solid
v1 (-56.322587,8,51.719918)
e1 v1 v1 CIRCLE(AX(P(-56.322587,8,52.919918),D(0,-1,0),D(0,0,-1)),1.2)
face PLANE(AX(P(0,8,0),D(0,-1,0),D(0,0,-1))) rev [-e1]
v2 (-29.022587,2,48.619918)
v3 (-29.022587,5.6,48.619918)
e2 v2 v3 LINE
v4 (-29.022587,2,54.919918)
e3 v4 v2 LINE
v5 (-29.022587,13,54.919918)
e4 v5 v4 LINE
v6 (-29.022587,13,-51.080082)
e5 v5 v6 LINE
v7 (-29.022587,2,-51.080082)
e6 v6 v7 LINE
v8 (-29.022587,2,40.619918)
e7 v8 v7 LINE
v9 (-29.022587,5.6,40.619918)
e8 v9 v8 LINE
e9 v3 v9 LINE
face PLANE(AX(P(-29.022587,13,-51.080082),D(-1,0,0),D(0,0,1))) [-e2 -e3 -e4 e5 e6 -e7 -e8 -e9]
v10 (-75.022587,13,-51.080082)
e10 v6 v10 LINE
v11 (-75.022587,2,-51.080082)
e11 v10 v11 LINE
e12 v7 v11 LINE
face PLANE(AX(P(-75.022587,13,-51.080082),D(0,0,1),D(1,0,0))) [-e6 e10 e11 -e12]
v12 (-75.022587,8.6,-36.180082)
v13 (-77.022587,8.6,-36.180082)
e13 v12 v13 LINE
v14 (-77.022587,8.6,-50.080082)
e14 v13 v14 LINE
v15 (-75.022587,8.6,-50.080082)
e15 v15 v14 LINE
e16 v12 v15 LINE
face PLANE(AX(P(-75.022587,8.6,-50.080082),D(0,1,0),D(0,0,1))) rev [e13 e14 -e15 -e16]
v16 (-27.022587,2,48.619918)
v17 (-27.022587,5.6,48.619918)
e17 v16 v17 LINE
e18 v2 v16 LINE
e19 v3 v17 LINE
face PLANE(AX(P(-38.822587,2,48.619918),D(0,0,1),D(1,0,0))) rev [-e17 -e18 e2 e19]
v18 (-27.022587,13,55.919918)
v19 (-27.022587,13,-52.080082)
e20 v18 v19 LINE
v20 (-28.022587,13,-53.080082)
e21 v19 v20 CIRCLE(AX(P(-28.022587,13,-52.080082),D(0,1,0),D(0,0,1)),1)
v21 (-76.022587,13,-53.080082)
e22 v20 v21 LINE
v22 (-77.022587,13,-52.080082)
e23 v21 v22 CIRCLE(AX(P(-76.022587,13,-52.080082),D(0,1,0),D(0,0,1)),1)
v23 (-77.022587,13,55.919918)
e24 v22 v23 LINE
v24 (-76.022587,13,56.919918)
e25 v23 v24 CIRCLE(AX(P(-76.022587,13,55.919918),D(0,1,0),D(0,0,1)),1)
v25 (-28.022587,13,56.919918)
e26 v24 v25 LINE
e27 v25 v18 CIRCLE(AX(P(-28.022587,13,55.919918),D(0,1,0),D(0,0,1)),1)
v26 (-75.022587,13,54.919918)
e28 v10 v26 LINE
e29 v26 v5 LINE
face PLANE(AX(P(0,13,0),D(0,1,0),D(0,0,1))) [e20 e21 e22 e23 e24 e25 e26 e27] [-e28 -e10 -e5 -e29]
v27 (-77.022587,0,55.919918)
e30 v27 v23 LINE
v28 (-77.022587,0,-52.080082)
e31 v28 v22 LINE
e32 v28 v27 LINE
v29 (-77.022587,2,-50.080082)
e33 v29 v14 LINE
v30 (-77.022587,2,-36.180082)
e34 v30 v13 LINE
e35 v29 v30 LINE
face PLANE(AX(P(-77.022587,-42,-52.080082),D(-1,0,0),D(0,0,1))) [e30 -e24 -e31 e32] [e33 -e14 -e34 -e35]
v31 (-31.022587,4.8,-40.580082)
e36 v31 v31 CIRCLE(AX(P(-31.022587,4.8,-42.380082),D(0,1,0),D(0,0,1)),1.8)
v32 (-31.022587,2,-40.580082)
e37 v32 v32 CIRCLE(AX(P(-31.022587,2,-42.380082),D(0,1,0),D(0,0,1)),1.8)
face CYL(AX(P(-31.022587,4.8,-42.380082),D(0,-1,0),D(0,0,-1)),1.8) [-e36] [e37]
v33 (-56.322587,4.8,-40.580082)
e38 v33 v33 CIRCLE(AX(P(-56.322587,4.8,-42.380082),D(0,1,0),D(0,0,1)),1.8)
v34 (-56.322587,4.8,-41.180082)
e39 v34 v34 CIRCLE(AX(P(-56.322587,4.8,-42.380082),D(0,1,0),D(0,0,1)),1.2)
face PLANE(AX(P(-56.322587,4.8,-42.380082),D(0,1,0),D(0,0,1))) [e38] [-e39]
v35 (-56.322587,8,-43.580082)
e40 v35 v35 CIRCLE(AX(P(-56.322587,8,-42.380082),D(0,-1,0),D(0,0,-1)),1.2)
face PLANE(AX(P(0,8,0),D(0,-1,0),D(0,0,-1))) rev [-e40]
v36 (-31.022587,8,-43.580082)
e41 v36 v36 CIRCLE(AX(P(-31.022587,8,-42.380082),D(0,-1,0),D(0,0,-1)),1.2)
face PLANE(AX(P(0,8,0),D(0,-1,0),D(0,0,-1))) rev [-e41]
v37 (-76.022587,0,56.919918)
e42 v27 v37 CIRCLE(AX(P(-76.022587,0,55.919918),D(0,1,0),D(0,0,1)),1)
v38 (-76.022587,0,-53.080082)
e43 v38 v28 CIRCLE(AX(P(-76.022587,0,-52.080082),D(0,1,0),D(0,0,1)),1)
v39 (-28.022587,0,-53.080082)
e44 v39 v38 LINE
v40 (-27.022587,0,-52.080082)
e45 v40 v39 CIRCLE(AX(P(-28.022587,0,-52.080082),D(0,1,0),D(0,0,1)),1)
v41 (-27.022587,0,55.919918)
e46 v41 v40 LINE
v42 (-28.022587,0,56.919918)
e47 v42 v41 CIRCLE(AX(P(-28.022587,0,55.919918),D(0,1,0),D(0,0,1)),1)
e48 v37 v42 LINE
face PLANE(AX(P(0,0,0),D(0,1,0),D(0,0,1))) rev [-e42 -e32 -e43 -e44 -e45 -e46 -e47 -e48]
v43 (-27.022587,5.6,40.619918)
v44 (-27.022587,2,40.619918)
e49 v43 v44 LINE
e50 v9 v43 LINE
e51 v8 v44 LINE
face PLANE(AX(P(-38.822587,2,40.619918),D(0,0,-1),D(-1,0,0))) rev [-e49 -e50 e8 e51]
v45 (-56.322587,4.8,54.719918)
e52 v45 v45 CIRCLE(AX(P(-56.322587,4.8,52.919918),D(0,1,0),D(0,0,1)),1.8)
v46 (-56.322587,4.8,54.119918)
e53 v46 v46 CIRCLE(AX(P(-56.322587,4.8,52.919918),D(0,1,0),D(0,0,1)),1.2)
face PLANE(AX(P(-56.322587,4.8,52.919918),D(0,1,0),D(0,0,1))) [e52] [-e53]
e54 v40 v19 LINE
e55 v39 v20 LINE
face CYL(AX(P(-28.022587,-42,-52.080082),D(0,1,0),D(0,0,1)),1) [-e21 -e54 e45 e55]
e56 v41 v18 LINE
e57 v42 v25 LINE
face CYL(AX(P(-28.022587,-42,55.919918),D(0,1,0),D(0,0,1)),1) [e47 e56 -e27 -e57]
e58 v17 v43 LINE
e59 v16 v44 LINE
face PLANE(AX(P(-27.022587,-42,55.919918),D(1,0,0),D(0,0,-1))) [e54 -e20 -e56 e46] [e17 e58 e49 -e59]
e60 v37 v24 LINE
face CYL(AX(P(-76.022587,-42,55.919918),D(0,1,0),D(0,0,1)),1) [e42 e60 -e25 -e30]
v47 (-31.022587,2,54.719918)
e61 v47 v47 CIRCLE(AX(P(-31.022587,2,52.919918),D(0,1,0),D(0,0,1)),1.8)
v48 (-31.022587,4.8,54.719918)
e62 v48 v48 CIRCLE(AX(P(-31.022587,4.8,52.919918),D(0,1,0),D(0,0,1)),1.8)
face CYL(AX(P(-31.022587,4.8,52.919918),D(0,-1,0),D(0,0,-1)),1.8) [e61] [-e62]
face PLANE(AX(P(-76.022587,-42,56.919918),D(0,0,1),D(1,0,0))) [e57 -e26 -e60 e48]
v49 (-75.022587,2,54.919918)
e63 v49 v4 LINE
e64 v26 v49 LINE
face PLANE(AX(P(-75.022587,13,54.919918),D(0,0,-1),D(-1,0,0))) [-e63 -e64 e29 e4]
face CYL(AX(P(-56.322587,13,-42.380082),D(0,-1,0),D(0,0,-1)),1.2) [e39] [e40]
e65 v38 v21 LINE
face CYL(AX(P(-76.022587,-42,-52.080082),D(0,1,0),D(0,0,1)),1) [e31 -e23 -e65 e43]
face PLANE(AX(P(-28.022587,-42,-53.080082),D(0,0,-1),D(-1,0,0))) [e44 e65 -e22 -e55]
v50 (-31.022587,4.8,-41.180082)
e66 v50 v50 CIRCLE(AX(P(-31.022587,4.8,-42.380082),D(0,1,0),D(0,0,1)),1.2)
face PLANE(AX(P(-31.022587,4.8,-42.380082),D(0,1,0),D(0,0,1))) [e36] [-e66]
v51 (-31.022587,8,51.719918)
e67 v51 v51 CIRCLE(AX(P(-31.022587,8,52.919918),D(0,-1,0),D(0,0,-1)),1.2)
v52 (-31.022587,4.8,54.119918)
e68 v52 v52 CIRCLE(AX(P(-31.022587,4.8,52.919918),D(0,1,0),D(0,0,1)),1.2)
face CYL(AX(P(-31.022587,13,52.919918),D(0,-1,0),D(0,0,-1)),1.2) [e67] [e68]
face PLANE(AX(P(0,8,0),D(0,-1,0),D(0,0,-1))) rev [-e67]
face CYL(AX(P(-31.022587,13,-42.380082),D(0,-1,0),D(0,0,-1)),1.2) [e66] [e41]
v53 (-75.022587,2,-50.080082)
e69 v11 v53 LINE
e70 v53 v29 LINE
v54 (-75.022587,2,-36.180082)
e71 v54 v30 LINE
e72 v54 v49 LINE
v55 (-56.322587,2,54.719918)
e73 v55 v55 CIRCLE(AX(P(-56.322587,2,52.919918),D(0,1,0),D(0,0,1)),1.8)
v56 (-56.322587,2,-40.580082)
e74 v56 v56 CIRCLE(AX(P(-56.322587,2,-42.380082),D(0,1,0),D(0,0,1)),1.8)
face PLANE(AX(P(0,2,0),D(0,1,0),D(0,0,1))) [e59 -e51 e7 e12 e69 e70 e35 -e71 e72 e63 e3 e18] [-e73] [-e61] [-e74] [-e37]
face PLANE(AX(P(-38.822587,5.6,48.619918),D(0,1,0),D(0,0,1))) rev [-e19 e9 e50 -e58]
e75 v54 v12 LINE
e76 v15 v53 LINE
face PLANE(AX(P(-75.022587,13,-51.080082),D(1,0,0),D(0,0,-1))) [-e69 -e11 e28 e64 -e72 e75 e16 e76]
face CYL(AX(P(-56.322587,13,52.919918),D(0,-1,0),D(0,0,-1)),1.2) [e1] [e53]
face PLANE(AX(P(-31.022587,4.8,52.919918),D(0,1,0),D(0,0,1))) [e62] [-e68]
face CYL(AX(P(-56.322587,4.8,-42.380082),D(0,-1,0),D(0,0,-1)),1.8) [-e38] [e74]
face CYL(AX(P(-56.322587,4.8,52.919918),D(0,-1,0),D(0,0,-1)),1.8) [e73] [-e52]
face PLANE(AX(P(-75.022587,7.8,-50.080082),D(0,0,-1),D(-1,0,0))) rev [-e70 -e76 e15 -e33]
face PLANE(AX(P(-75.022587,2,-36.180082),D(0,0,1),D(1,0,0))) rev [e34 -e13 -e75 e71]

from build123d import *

# Parameters (mm, degrees)
SKETCH1_W               = 50
SKETCH1_H               = 110
BOSS_EXTRUDE1_DEPTH     = 2
SKETCH2_W               = 50
SKETCH2_H               = 110
SKETCH2_W_2             = 46
SKETCH2_H_2             = 106
BOSS_EXTRUDE3_DEPTH     = 11
SKETCH3_R               = 1.2
BOSS_EXTRUDE4_DEPTH     = 11
SKETCH4_W               = 52
SKETCH4_H               = 112
SKETCH4_W_2             = 50
SKETCH4_H_2             = 110
EXTRUDE_THIN1_DEPTH     = 13
FILLET2_R               = 2
EXTRUDE_THIN3_DEPTH     = 3
SKETCH6_R               = 1.8
BOSS_EXTRUDE5_DEPTH     = 2.8
SKETCH8_W               = 8
SKETCH8_H               = 3.6
CUT_EXTRUDE2_DEPTH      = 12.8
SKETCH11_W              = 13.1
SKETCH11_H              = 5.8
CUT_EXTRUDE5_DEPTH      = 3
SKETCH13_W              = 108
SKETCH13_H              = 3
CUT_EXTRUDE6_DEPTH      = 70
CUT_EXTRUDE6_DEPTH_BACK = 40
SKETCH14_W              = 48
SKETCH14_H              = 3
CUT_EXTRUDE7_DEPTH      = 160
CUT_EXTRUDE7_DEPTH_BACK = 40
SKETCH15_W              = 66.867567733
SKETCH15_H              = 122.152543676
CUT_EXTRUDE8_DEPTH      = 40
SKETCH16_W              = 37.40524021
SKETCH16_H              = 102.153015582
CUT_EXTRUDE9_DEPTH      = 5
CUT_EXTRUDE_THIN2_DEPTH = 55
SKETCH18_W              = 13.9
SKETCH18_H              = 6.6
CUT_EXTRUDE10_DEPTH     = 2


with BuildPart() as part:
    # Sketch1 → Boss-Extrude1 (new body)
    with BuildSketch(Plane(origin=(0, 0, 0), x_dir=(1, 0, 0), z_dir=(0, 1, 0))):
        with Locations((-52.022587269, -1.919917864)):
            Rectangle(SKETCH1_W, SKETCH1_H)
    extrude(amount=BOSS_EXTRUDE1_DEPTH)

    # Sketch2 → Boss-Extrude3 (add)
    with BuildSketch(Plane(origin=(0, 2, 0), x_dir=(1, 0, 0), z_dir=(0, 1, 0))):
        with Locations((-52.022587269, -1.919917864)):
            Rectangle(SKETCH2_W, SKETCH2_H)
        with Locations((-52.022587269, -1.919917864)):
            Rectangle(SKETCH2_W_2, SKETCH2_H_2, mode=Mode.SUBTRACT)
    extrude(amount=BOSS_EXTRUDE3_DEPTH)

    # Sketch3 → Boss-Extrude4 (add)
    with BuildSketch(Plane(origin=(0, 2, 0), x_dir=(1, 0, 0), z_dir=(0, 1, 0))):
        with Locations((-31.022587269, 42.380082136)):
            Circle(SKETCH3_R)
        with Locations((-31.022587269, -52.919917864)):
            Circle(SKETCH3_R)
        with Locations((-56.322587269, 42.380082136)):
            Circle(SKETCH3_R)
        with Locations((-56.322587269, -52.919917864)):
            Circle(SKETCH3_R)
    extrude(amount=BOSS_EXTRUDE4_DEPTH)

    # Sketch4 → Extrude-Thin1 (add)
    with BuildSketch(Plane(origin=(0, 13, 0), x_dir=(1, 0, 0), z_dir=(0, 1, 0))):
        with Locations((-52.022587269, -1.919917864)):
            Rectangle(SKETCH4_W, SKETCH4_H)
        with Locations((-52.022587269, -1.919917864)):
            Rectangle(SKETCH4_W_2, SKETCH4_H_2, mode=Mode.SUBTRACT)
    extrude(amount=-EXTRUDE_THIN1_DEPTH)

    # Fillet2
    fillet2_edges = [part.edges().sort_by_distance(p)[0] for p in [
        (-26.022587269, 6.5, -54.080082136),
        (-26.022587269, 6.5, 57.919917864),
        (-78.022587269, 6.5, 57.919917864),
        (-78.022587269, 6.5, -54.080082136),
    ]]
    fillet(fillet2_edges, radius=FILLET2_R)

    # Sketch5 → Extrude-Thin3 (add)
    with BuildSketch(Plane(origin=(0, 13, 0), x_dir=(1, 0, 0), z_dir=(0, 1, 0))):
        with BuildLine():
            Line((-28.022587269, 54.080082136), (-76.022587269, 54.080082136))
            ThreePointArc((-76.022587269, 54.080082136), (-77.436800831, 53.494295698), (-78.022587269, 52.080082136))
            Line((-78.022587269, 52.080082136), (-78.022587269, -55.919917864))
            ThreePointArc((-78.022587269, -55.919917864), (-77.436800831, -57.334131427), (-76.022587269, -57.919917864))
            Line((-76.022587269, -57.919917864), (-28.022587269, -57.919917864))
            ThreePointArc((-28.022587269, -57.919917864), (-26.608373707, -57.334131427), (-26.022587269, -55.919917864))
            Line((-26.022587269, -55.919917864), (-26.022587269, 52.080082136))
            ThreePointArc((-26.022587269, 52.080082136), (-26.608373707, 53.494295698), (-28.022587269, 54.080082136))
        make_face()
        with BuildLine():
            Line((-28.022587269, 52.880082136), (-76.022587269, 52.880082136))
            ThreePointArc((-76.022587269, 52.880082136), (-76.588272694, 52.64576756), (-76.822587269, 52.080082136))
            Line((-76.822587269, 52.080082136), (-76.822587269, -55.919917864))
            ThreePointArc((-76.822587269, -55.919917864), (-76.588272694, -56.485603289), (-76.022587269, -56.719917864))
            Line((-76.022587269, -56.719917864), (-28.022587269, -56.719917864))
            ThreePointArc((-28.022587269, -56.719917864), (-27.456901844, -56.485603289), (-27.222587269, -55.919917864))
            Line((-27.222587269, -55.919917864), (-27.222587269, 52.080082136))
            ThreePointArc((-27.222587269, 52.080082136), (-27.456901844, 52.64576756), (-28.022587269, 52.880082136))
        make_face(mode=Mode.SUBTRACT)
    extrude(amount=EXTRUDE_THIN3_DEPTH)

    # Sketch6 → Boss-Extrude5 (add)
    with BuildSketch(Plane(origin=(0, 2, 0), x_dir=(1, 0, 0), z_dir=(0, 1, 0))):
        with Locations((-56.322587269, -52.919917864)):
            Circle(SKETCH6_R)
        with Locations((-31.022587269, -52.919917864)):
            Circle(SKETCH6_R)
        with Locations((-56.322587269, 42.380082136)):
            Circle(SKETCH6_R)
        with Locations((-31.022587269, 42.380082136)):
            Circle(SKETCH6_R)
    extrude(amount=BOSS_EXTRUDE5_DEPTH)

    # Sketch8 → Cut-Extrude2 (cut)
    with BuildSketch(Plane(origin=(-26.022587269, 0, 0), x_dir=(0, 0, -1), z_dir=(1, 0, 0))):
        with Locations((-44.619917864, 3.8)):
            Rectangle(SKETCH8_W, SKETCH8_H)
    extrude(amount=-CUT_EXTRUDE2_DEPTH, mode=Mode.SUBTRACT)

    # Sketch11 → Cut-Extrude5 (cut)
    with BuildSketch(Plane.ZY.offset(78.022587269)):
        with Locations((-43.530082136, 4.9)):
            Rectangle(SKETCH11_W, SKETCH11_H)
    extrude(amount=-CUT_EXTRUDE5_DEPTH, mode=Mode.SUBTRACT)

    # Sketch13 → Cut-Extrude6 (cut, two sides)
    with BuildSketch(Plane(origin=(-76.822587269, 0, 0), x_dir=(0, 0, -1), z_dir=(1, 0, 0))) as cut_extrude6_sk:
        with Locations((-1.919917864, 14.5)):
            Rectangle(SKETCH13_W, SKETCH13_H)
    extrude(amount=CUT_EXTRUDE6_DEPTH, mode=Mode.SUBTRACT)
    extrude(cut_extrude6_sk.sketch, amount=-CUT_EXTRUDE6_DEPTH_BACK, mode=Mode.SUBTRACT)

    # Sketch14 → Cut-Extrude7 (cut, two sides)
    with BuildSketch(Plane.XY.offset(-52.880082136)) as cut_extrude7_sk:
        with Locations((-52.022587269, 14.5)):
            Rectangle(SKETCH14_W, SKETCH14_H)
    extrude(amount=CUT_EXTRUDE7_DEPTH, mode=Mode.SUBTRACT)
    extrude(cut_extrude7_sk.sketch, amount=-CUT_EXTRUDE7_DEPTH_BACK, mode=Mode.SUBTRACT)

    # Sketch15 → Cut-Extrude8 (cut)
    with BuildSketch(Plane(origin=(0, 13, 0), x_dir=(1, 0, 0), z_dir=(0, 1, 0))):
        with Locations((-54.115240408, -0.313928246)):
            Rectangle(SKETCH15_W, SKETCH15_H)
    extrude(amount=CUT_EXTRUDE8_DEPTH, mode=Mode.SUBTRACT)

    # Sketch16 → Cut-Extrude9 (cut)
    with BuildSketch(Plane(origin=(0, 13, 0), x_dir=(1, 0, 0), z_dir=(0, 1, 0))):
        with Locations((-47.725207374, -3.843410073)):
            Rectangle(SKETCH16_W, SKETCH16_H)
    extrude(amount=-CUT_EXTRUDE9_DEPTH, mode=Mode.SUBTRACT)

    # Sketch17 → Cut-Extrude-Thin2 (cut)
    with BuildSketch(Plane(origin=(0, 13, 0), x_dir=(1, 0, 0), z_dir=(0, 1, 0))):
        with BuildLine():
            Line((-97.022587269, 52.080082136), (-97.022587269, -55.919917864))
            ThreePointArc((-97.022587269, -55.919917864), (-90.871829674, -70.769160269), (-76.022587269, -76.919917864))
            Line((-76.022587269, -76.919917864), (-28.022587269, -76.919917864))
            ThreePointArc((-28.022587269, -76.919917864), (-13.173344864, -70.769160269), (-7.022587269, -55.919917864))
            Line((-7.022587269, -55.919917864), (-7.022587269, 52.080082136))
            ThreePointArc((-7.022587269, 52.080082136), (-13.173344864, 66.92932454), (-28.022587269, 73.080082136))
            Line((-28.022587269, 73.080082136), (-76.022587269, 73.080082136))
            ThreePointArc((-76.022587269, 73.080082136), (-90.871829674, 66.92932454), (-97.022587269, 52.080082136))
        make_face()
        with BuildLine():
            Line((-77.022587269, 52.080082136), (-77.022587269, -55.919917864))
            ThreePointArc((-77.022587269, -55.919917864), (-76.72969405, -56.627024646), (-76.022587269, -56.919917864))
            Line((-76.022587269, -56.919917864), (-28.022587269, -56.919917864))
            ThreePointArc((-28.022587269, -56.919917864), (-27.315480488, -56.627024646), (-27.022587269, -55.919917864))
            Line((-27.022587269, -55.919917864), (-27.022587269, 52.080082136))
            ThreePointArc((-27.022587269, 52.080082136), (-27.315480488, 52.787188917), (-28.022587269, 53.080082136))
            Line((-28.022587269, 53.080082136), (-76.022587269, 53.080082136))
            ThreePointArc((-76.022587269, 53.080082136), (-76.72969405, 52.787188917), (-77.022587269, 52.080082136))
        make_face(mode=Mode.SUBTRACT)
    extrude(amount=-CUT_EXTRUDE_THIN2_DEPTH, mode=Mode.SUBTRACT)

    # Sketch18 → Cut-Extrude10 (cut)
    with BuildSketch(Plane.ZY.offset(77.022587269)):
        with Locations((-43.130082136, 5.3)):
            Rectangle(SKETCH18_W, SKETCH18_H)
    extrude(amount=-CUT_EXTRUDE10_DEPTH, mode=Mode.SUBTRACT)


solid = part.part
